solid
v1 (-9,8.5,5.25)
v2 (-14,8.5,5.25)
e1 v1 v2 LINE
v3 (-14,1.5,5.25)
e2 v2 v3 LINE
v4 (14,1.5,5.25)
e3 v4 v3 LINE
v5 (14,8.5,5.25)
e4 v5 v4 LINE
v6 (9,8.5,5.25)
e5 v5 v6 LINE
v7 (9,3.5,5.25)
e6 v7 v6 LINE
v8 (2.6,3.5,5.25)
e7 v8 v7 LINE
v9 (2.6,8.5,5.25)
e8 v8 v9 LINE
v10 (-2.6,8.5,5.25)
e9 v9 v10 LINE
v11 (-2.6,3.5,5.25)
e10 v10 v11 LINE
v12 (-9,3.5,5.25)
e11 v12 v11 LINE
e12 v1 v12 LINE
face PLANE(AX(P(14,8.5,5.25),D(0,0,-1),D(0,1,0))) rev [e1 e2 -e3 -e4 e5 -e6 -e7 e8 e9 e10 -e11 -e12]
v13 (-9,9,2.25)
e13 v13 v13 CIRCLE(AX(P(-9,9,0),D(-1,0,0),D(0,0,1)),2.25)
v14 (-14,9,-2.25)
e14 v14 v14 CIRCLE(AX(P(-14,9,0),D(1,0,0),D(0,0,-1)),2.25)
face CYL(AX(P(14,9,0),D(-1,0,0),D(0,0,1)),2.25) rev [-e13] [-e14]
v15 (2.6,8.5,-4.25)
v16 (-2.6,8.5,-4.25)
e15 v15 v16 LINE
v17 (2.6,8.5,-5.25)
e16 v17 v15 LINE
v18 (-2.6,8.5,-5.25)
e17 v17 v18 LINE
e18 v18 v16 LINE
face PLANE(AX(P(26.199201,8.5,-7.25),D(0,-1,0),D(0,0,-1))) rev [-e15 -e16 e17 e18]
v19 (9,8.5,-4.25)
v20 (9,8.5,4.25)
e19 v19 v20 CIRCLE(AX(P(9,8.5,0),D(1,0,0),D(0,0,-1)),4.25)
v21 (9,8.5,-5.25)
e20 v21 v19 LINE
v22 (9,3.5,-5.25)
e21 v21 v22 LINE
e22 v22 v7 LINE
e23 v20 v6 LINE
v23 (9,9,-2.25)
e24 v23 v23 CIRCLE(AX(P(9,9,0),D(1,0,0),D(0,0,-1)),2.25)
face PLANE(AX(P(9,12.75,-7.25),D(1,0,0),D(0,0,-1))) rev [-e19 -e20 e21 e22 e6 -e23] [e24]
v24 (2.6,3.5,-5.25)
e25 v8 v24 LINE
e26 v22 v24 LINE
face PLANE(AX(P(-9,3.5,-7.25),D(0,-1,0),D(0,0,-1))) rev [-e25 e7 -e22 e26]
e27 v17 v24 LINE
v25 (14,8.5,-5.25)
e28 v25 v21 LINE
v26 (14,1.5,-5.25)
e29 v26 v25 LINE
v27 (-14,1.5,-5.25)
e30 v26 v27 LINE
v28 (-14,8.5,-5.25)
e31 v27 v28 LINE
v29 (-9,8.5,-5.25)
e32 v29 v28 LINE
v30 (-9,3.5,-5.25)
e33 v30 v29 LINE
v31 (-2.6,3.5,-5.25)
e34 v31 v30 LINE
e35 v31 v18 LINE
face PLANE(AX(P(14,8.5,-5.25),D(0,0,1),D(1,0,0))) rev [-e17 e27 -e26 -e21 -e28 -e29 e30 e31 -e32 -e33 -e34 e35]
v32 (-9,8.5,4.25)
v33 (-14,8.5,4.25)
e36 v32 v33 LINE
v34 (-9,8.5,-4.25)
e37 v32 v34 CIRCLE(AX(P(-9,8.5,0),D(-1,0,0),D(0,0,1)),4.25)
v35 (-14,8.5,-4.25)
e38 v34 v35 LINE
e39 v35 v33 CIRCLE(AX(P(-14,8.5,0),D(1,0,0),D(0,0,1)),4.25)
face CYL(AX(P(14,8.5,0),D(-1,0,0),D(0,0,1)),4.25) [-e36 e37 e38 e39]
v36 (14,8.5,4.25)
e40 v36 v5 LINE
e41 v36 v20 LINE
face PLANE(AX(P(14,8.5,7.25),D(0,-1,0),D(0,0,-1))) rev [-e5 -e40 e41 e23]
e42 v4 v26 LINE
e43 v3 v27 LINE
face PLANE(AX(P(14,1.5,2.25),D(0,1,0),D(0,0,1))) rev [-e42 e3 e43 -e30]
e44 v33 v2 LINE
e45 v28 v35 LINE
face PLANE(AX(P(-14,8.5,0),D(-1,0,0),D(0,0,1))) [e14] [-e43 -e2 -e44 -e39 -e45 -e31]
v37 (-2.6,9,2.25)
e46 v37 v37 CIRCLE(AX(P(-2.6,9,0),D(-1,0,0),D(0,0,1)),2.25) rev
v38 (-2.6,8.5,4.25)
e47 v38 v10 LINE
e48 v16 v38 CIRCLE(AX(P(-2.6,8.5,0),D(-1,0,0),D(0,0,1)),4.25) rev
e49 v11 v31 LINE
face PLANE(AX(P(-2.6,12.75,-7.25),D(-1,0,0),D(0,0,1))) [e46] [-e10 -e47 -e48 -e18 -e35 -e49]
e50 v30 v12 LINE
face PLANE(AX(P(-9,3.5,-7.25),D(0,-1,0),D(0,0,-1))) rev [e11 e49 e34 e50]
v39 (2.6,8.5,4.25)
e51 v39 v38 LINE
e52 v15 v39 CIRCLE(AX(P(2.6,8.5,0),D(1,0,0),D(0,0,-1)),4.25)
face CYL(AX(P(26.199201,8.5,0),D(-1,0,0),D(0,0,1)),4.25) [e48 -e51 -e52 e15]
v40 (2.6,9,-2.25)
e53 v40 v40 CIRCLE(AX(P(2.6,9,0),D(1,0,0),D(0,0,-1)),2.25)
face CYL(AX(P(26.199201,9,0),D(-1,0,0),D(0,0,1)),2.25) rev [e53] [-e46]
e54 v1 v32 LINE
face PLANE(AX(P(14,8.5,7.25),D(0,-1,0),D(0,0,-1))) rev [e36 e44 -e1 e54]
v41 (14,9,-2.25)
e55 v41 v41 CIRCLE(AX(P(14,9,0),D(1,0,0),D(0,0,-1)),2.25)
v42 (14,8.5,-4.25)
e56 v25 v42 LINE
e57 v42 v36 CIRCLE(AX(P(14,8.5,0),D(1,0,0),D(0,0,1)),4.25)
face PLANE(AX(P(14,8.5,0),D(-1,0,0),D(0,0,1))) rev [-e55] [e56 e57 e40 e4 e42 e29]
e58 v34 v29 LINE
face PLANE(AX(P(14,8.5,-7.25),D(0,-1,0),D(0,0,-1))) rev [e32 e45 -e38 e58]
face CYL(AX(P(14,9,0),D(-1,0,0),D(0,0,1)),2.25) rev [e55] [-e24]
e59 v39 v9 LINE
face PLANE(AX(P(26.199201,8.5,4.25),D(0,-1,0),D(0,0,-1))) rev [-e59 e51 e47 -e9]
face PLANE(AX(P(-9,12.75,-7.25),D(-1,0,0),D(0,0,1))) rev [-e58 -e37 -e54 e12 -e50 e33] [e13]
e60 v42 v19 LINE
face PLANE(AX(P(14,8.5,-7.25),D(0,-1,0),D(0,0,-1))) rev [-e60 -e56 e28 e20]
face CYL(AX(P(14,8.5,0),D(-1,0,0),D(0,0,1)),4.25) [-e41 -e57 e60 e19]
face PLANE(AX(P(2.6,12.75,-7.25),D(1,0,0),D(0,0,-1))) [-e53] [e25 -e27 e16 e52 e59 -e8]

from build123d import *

# Parameters (mm, degrees)
SKETCH1_R                       = 2.25
BOSS_EXTRUDE1_DEPTH             = 14
SKETCH2_W                       = 18
SKETCH2_H                       = 9.25
CUT_EXTRUDE1_DEPTH              = 24.849790355
BOSS_EXTRUDE2_DEPTH             = 2.6
BOSS_EXTRUDE2_DEPTH_BACK        = 2.6
SKETCH4_R                       = 2.25
BOSS_EXTRUDE3_DEPTH             = 28
SKETCH7_W                       = 4.5
SKETCH7_H                       = 3
CUT_EXTRUDE2_DEPTH              = 36.082738034
SKETCH9_W                       = 28
SKETCH9_H                       = 2
BOSS_EXTRUDE4_DEPTH             = 48
BOSS_EXTRUDE5_REACH             = 60.209
SKETCH11_W                      = 28
SKETCH11_H                      = 7.313537016
BOSS_EXTRUDE5_DIRECTION_2_REACH = 60.209
SKETCH14_R                      = 2.15
CUT_EXTRUDE6_DEPTH              = 59.208886884
SKETCH15_W                      = 48
SKETCH15_H                      = 2
SKETCH15_W_2                    = 7.313537016
SKETCH15_H_2                    = 13.819983601
CUT_EXTRUDE7_DEPTH              = 64.806460469
SKETCH16_W                      = 2
SKETCH16_H                      = 7
CUT_EXTRUDE8_DEPTH              = 32.608938609


with BuildPart() as part:
    # Sketch1 → Boss-Extrude1 (new, symmetric)
    with BuildSketch(Plane(origin=(0, 0, 0), x_dir=(0, 0, -1), z_dir=(1, 0, 0))):
        with BuildLine():
            Line((2.25, 1.5), (7.25, 1.5))
            Line((7.25, 1.5), (7.25, 8.5))
            Line((7.25, 8.5), (4.25, 8.5))
            ThreePointArc((4.25, 8.5), (0, 12.75), (-4.25, 8.5))
            Line((-4.25, 8.5), (-7.25, 8.5))
            Line((-7.25, 8.5), (-7.25, 1.5))
            Line((-7.25, 1.5), (-2.25, 1.5))
            Line((-2.25, 1.5), (-2.25, -1.5))
            Line((-2.25, -1.5), (2.25, -1.5))
            Line((2.25, -1.5), (2.25, 1.5))
        make_face()
        with Locations((0, 9)):
            Circle(SKETCH1_R, mode=Mode.SUBTRACT)
    extrude(amount=BOSS_EXTRUDE1_DEPTH, both=True)

    # Sketch2 → Cut-Extrude1 (cut, through all)
    with BuildSketch(Plane.XY.offset(7.25)):
        with Locations((0, 8.125)):
            Rectangle(SKETCH2_W, SKETCH2_H)
    extrude(amount=-CUT_EXTRUDE1_DEPTH, mode=Mode.SUBTRACT)

    # Sketch4 → Boss-Extrude2 (add, two sides: drawn at the far end of the back side and taken through both)
    with BuildSketch(Plane(origin=(0, 0, 0), x_dir=(0, 0, -1), z_dir=(1, 0, 0)).offset(-BOSS_EXTRUDE2_DEPTH_BACK)):
        with BuildLine():
            Line((-4.25, 8.5), (-7.25, 8.5))
            Line((-7.25, 8.5), (-7.25, 3.5))
            Line((-7.25, 3.5), (7.25, 3.5))
            Line((7.25, 3.5), (7.25, 8.5))
            Line((7.25, 8.5), (4.25, 8.5))
            ThreePointArc((4.25, 8.5), (0, 12.75), (-4.25, 8.5))
        make_face()
        with Locations(Location((0, 9, 0), (0, 0, 180))):
            Circle(SKETCH4_R, mode=Mode.SUBTRACT)
    extrude(amount=BOSS_EXTRUDE2_DEPTH + BOSS_EXTRUDE2_DEPTH_BACK)

    # Sketch6 → Boss-Extrude3 (add, through all)
    with BuildSketch(Plane.ZY.offset(14)):
        Polygon((7.25, 8.5), (14.563537016, 15.319983601), (14.563537016, 8.319983601), (7.25, 1.5), align=None)
    extrude(amount=-BOSS_EXTRUDE3_DEPTH)

    # Sketch7 → Cut-Extrude2 (cut, through all)
    with BuildSketch(Plane.ZY.offset(14)):
        Rectangle(SKETCH7_W, SKETCH7_H)
    extrude(amount=-CUT_EXTRUDE2_DEPTH, mode=Mode.SUBTRACT)

    # Sketch9 → Boss-Extrude4 (add)
    with BuildSketch(Plane(origin=(0, 0, -7.25), x_dir=(-1, 0, 0), z_dir=(0, 0, -1))):
        with Locations((0, 2.5)):
            Rectangle(SKETCH9_W, SKETCH9_H)
    extrude(amount=BOSS_EXTRUDE4_DEPTH)

    # Boss-Extrude5: up to this face of the body (flat: up to its plane)
    boss_extrude5_end = Plane(part.part.faces().sort_by_distance((0, 1.5, -24))[0])
    # Sketch11 → Boss-Extrude5 (add, up to the picked face)
    with BuildSketch(Plane(origin=(0, 3.5, 0), x_dir=(1, 0, 0), z_dir=(0, 1, 0)), mode=Mode.PRIVATE) as boss_extrude5_sk1:
        with Locations((0, -10.906768508)):
            Rectangle(SKETCH11_W, SKETCH11_H)
    boss_extrude5_tool1 = split(extrude(boss_extrude5_sk1.sketch, amount=-BOSS_EXTRUDE5_REACH, mode=Mode.PRIVATE), bisect_by=boss_extrude5_end, keep=Keep.BOTH, mode=Mode.PRIVATE)
    add(boss_extrude5_tool1.solids().sort_by(Axis((0, 3.5, 10.906769), (0, -1, 0)))[0])

    # Boss-Extrude5 direction 2: up to this face of the body (flat: up to its plane)
    boss_extrude5_direction_2_end = Plane(part.part.faces().sort_by_distance((0, 4.9099918, 10.906768508))[0])
    # Sketch11 → Boss-Extrude5 direction 2 (add, up to the picked face)
    with BuildSketch(Plane(origin=(0, 3.5, 0), x_dir=(1, 0, 0), z_dir=(0, 1, 0)), mode=Mode.PRIVATE) as boss_extrude5_direction_2_sk1:
        with Locations((0, -10.906768508)):
            Rectangle(SKETCH11_W, SKETCH11_H)
    boss_extrude5_direction_2_tool1 = split(extrude(boss_extrude5_direction_2_sk1.sketch, amount=BOSS_EXTRUDE5_DIRECTION_2_REACH, mode=Mode.PRIVATE), bisect_by=boss_extrude5_direction_2_end, keep=Keep.BOTH, mode=Mode.PRIVATE)
    add(boss_extrude5_direction_2_tool1.solids().sort_by(Axis((0, 3.5, 10.906769), (0, 1, 0)))[0])

    # Sketch14 → Cut-Extrude6 (cut, through all)
    with BuildSketch(Plane(origin=(0, 3.5, 0), x_dir=(1, 0, 0), z_dir=(0, 1, 0))):
        with Locations(Location((11, 51, 0), (0, 0, 270))):
            Circle(SKETCH14_R)
        with Locations(Location((11, 29, 0), (0, 0, 270))):
            Circle(SKETCH14_R)
        with Locations(Location((-11, 29, 0), (0, 0, 270))):
            Circle(SKETCH14_R)
        with Locations(Location((-11, 51, 0), (0, 0, 270))):
            Circle(SKETCH14_R)
    extrude(amount=-CUT_EXTRUDE6_DEPTH, mode=Mode.SUBTRACT)

    # Sketch15 → Cut-Extrude7 (cut, through all)
    with BuildSketch(Plane.ZY.offset(14)):
        with Locations((-31.25, 2.5)):
            Rectangle(SKETCH15_W, SKETCH15_H)
        with Locations((10.906768508, 8.409991801)):
            Rectangle(SKETCH15_W_2, SKETCH15_H_2)
    extrude(amount=-CUT_EXTRUDE7_DEPTH, mode=Mode.SUBTRACT)

    # Sketch16 → Cut-Extrude8 (cut, through all)
    with BuildSketch(Plane.ZY.offset(14)):
        with Locations((-6.25, 5)):
            Rectangle(SKETCH16_W, SKETCH16_H)
        with Locations((6.25, 5)):
            Rectangle(SKETCH16_W, SKETCH16_H)
    extrude(amount=-CUT_EXTRUDE8_DEPTH, mode=Mode.SUBTRACT)


solid = part.part
